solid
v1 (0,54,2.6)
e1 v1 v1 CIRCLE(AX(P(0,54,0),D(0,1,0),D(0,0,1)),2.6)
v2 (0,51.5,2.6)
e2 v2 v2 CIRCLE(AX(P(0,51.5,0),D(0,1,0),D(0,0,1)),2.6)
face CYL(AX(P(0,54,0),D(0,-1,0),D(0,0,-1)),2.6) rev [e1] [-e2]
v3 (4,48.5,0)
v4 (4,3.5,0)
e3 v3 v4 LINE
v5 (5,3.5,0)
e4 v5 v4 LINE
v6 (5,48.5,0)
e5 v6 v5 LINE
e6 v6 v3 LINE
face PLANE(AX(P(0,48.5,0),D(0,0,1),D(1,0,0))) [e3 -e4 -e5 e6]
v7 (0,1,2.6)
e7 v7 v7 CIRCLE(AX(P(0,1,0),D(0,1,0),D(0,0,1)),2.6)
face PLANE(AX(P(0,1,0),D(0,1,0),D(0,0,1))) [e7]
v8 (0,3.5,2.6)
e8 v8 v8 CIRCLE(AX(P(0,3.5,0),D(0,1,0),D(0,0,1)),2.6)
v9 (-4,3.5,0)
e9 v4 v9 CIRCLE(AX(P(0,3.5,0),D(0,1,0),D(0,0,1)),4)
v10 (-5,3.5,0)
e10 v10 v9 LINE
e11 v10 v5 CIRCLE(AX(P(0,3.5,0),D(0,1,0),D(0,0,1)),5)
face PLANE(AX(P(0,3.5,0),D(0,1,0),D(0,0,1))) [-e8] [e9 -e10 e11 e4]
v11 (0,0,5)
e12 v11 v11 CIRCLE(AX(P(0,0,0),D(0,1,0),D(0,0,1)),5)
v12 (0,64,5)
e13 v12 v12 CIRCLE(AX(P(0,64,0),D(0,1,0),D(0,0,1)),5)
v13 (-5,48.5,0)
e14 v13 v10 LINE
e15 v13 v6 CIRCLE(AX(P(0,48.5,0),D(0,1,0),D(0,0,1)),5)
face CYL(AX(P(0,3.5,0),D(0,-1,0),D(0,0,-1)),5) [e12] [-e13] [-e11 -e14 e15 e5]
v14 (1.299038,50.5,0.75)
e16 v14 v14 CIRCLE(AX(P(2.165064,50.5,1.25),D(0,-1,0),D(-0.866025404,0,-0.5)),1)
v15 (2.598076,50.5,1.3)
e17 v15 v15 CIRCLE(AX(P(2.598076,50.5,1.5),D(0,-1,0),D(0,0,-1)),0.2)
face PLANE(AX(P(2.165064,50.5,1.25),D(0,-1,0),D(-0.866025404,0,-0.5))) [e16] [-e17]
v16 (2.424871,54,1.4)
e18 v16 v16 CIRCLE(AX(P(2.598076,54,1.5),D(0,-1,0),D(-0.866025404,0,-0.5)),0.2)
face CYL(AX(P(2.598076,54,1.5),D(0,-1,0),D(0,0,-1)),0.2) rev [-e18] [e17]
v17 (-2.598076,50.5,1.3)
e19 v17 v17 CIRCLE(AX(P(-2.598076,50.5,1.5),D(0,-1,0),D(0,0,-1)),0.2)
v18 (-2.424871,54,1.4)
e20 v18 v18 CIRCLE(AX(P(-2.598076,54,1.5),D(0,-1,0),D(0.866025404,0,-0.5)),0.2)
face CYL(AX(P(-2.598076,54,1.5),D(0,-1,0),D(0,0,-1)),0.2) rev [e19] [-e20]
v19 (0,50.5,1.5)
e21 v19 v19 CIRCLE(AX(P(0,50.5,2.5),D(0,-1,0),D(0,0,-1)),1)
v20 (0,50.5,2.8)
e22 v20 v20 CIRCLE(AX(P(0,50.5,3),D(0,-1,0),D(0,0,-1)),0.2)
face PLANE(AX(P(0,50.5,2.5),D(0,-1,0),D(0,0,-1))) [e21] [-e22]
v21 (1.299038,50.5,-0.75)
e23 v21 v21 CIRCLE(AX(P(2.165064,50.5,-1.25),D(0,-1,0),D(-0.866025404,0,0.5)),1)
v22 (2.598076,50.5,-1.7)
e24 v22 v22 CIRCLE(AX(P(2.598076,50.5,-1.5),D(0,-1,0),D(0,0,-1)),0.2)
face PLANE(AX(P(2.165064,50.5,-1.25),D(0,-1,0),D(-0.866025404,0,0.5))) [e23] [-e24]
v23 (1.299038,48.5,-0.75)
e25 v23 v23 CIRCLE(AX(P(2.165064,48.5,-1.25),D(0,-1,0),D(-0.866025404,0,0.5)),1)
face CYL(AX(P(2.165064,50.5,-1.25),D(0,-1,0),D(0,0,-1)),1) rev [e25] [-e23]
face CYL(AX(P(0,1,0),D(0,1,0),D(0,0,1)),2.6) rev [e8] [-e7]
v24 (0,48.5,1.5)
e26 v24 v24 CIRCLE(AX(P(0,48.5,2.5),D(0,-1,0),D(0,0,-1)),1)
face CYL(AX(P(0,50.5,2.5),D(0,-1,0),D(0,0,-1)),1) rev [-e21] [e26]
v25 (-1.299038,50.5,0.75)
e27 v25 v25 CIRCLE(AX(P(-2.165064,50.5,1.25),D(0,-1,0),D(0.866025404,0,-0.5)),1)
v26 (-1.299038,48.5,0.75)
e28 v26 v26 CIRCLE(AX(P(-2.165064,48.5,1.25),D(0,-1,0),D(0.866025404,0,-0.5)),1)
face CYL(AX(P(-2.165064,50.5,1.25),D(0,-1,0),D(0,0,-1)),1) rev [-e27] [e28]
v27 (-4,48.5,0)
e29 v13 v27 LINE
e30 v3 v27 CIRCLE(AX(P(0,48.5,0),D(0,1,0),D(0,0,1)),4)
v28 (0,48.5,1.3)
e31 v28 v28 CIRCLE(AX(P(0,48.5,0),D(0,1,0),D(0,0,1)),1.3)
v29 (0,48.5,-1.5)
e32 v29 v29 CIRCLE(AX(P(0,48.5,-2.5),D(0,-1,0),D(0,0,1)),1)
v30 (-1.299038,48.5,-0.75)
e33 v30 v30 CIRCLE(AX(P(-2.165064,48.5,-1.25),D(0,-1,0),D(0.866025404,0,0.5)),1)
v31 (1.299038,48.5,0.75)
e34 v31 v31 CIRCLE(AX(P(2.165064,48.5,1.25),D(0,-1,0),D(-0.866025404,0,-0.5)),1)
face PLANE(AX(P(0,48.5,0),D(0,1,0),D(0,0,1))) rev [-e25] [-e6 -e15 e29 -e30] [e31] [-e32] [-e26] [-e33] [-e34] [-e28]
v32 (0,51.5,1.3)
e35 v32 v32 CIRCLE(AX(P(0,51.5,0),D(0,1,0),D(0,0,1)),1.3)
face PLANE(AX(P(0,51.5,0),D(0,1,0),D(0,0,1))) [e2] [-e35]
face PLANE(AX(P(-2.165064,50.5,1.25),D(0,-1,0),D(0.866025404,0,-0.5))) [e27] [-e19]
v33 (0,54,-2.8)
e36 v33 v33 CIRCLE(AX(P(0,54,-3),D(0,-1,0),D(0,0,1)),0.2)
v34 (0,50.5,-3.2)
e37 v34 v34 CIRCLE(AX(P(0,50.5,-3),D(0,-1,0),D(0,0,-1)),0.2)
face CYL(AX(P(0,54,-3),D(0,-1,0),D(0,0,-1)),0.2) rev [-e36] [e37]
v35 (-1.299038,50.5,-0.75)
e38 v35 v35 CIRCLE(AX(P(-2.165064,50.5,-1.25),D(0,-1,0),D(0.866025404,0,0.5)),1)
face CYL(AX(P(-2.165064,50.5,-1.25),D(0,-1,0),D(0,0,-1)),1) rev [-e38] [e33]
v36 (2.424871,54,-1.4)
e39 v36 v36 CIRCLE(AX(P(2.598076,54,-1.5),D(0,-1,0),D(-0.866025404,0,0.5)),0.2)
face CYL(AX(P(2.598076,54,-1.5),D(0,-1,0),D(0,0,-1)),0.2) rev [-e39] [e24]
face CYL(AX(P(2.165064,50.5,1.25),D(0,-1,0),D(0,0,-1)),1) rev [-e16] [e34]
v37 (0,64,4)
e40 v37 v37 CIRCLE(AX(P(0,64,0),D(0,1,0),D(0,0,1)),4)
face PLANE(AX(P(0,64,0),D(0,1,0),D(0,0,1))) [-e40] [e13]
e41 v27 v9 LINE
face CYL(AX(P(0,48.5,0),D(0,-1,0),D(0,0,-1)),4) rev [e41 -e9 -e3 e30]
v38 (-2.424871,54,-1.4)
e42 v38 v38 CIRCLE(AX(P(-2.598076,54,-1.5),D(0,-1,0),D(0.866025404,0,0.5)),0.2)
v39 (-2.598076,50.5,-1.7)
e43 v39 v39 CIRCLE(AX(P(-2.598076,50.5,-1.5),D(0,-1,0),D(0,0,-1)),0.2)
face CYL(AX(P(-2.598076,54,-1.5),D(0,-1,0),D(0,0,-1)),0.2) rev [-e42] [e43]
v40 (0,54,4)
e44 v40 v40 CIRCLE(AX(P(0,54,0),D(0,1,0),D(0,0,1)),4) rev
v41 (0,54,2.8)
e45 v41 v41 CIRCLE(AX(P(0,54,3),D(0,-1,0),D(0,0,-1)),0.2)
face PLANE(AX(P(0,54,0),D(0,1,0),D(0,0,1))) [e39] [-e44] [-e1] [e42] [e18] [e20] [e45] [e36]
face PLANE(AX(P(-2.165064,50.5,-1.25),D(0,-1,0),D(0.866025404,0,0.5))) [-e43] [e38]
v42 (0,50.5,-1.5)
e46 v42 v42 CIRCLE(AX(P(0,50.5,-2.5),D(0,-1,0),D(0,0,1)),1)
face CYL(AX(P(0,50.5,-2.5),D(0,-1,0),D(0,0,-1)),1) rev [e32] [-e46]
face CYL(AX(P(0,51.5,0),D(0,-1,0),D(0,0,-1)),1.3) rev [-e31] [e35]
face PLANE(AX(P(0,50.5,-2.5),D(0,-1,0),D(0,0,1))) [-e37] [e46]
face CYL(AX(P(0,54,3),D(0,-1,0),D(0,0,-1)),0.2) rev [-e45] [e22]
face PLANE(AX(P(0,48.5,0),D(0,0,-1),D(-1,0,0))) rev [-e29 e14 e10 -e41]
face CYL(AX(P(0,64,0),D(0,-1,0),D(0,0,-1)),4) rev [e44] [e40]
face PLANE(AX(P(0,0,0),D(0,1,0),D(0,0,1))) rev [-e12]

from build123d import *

# Parameters (mm, degrees)
SKETCH1_R           = 5
BOSS_EXTRUDE1_DEPTH = 3.5
SKETCH2_R           = 2.6
CUT_EXTRUDE1_DEPTH  = 2.5
BOSS_EXTRUDE2_DEPTH = 45
SKETCH4_R           = 5
SKETCH4_R_2         = 1.3
BOSS_EXTRUDE3_DEPTH = 3
SKETCH7_R           = 1
CUT_EXTRUDE2_DEPTH  = 2
CIRPATTERN1_COUNT   = 6
SKETCH8_R           = 5
SKETCH8_R_2         = 2.6
BOSS_EXTRUDE4_DEPTH = 2.5
SKETCH9_R           = 0.2
CUT_EXTRUDE3_DEPTH  = 50.012753442
CIRPATTERN2_COUNT   = 6
SKETCH10_R          = 5
SKETCH10_R_2        = 4
BOSS_EXTRUDE5_DEPTH = 10


with BuildPart() as part:
    # Sketch1 → Boss-Extrude1 (new body)
    with BuildSketch(Plane(origin=(0, 0, 0), x_dir=(1, 0, 0), z_dir=(0, 1, 0))):
        with Locations(Location((0, 0, 0), (0, 0, 270))):
            Circle(SKETCH1_R)
    extrude(amount=BOSS_EXTRUDE1_DEPTH)

    # Sketch2 → Cut-Extrude1 (cut)
    with BuildSketch(Plane(origin=(0, 3.5, 0), x_dir=(1, 0, 0), z_dir=(0, 1, 0))):
        with Locations(Location((0, 0, 0), (0, 0, 270))):
            Circle(SKETCH2_R)
    extrude(amount=-CUT_EXTRUDE1_DEPTH, mode=Mode.SUBTRACT)

    # Sketch3 → Boss-Extrude2 (add)
    with BuildSketch(Plane(origin=(0, 3.5, 0), x_dir=(1, 0, 0), z_dir=(0, 1, 0))):
        with BuildLine():
            Line((5, 0), (4, 0))
            ThreePointArc((4, 0), (0, 4), (-4, 0))
            Line((-4, 0), (-5, 0))
            ThreePointArc((-5, 0), (0, 5), (5, 0))
        make_face()
    extrude(amount=BOSS_EXTRUDE2_DEPTH)

    # Sketch4 → Boss-Extrude3 (add)
    with BuildSketch(Plane(origin=(0, 48.5, 0), x_dir=(1, 0, 0), z_dir=(0, 1, 0))):
        with Locations(Location((0, 0, 0), (0, 0, 270))):
            Circle(SKETCH4_R)
        with Locations(Location((0, 0, 0), (0, 0, 270))):
            Circle(SKETCH4_R_2, mode=Mode.SUBTRACT)
    extrude(amount=BOSS_EXTRUDE3_DEPTH)

    # Sketch7 → Cut-Extrude2 (cut)
    with BuildSketch(Plane.XZ.offset(-48.5)):
        with Locations(Location((0, 2.5, 0), (0, 0, 270))):
            Circle(SKETCH7_R)
    cut_extrude2 = extrude(amount=-CUT_EXTRUDE2_DEPTH, mode=Mode.SUBTRACT)

    # CirPattern1: Cut-Extrude2 ×6 about axis
    cirpattern1_axis = Axis((0, 0, 0), (0, 1, 0))
    for i in range(1, CIRPATTERN1_COUNT):
        add(cut_extrude2.rotate(cirpattern1_axis, i * 360 / CIRPATTERN1_COUNT), mode=Mode.SUBTRACT)

    # Sketch8 → Boss-Extrude4 (add)
    with BuildSketch(Plane(origin=(0, 51.5, 0), x_dir=(1, 0, 0), z_dir=(0, 1, 0))):
        with Locations(Location((0, 0, 0), (0, 0, 270))):
            Circle(SKETCH8_R)
        with Locations(Location((0, 0, 0), (0, 0, 270))):
            Circle(SKETCH8_R_2, mode=Mode.SUBTRACT)
    extrude(amount=BOSS_EXTRUDE4_DEPTH)

    # Sketch9 → Cut-Extrude3 (cut, through all)
    with BuildSketch(Plane.XZ.offset(-48.5)):
        with Locations(Location((0, 3, 0), (0, 0, 270))):
            Circle(SKETCH9_R)
    cut_extrude3 = extrude(amount=-CUT_EXTRUDE3_DEPTH, mode=Mode.SUBTRACT)

    # CirPattern2: Cut-Extrude3 ×6 about axis
    cirpattern2_axis = Axis((0, 0, 0), (0, 1, 0))
    for i in range(1, CIRPATTERN2_COUNT):
        add(cut_extrude3.rotate(cirpattern2_axis, i * 360 / CIRPATTERN2_COUNT), mode=Mode.SUBTRACT)

    # Sketch10 → Boss-Extrude5 (add)
    with BuildSketch(Plane(origin=(0, 54, 0), x_dir=(1, 0, 0), z_dir=(0, 1, 0))):
        with Locations(Location((0, 0, 0), (0, 0, 270))):
            Circle(SKETCH10_R)
        with Locations(Location((0, 0, 0), (0, 0, 270))):
            Circle(SKETCH10_R_2, mode=Mode.SUBTRACT)
    extrude(amount=BOSS_EXTRUDE5_DEPTH)


solid = part.part
